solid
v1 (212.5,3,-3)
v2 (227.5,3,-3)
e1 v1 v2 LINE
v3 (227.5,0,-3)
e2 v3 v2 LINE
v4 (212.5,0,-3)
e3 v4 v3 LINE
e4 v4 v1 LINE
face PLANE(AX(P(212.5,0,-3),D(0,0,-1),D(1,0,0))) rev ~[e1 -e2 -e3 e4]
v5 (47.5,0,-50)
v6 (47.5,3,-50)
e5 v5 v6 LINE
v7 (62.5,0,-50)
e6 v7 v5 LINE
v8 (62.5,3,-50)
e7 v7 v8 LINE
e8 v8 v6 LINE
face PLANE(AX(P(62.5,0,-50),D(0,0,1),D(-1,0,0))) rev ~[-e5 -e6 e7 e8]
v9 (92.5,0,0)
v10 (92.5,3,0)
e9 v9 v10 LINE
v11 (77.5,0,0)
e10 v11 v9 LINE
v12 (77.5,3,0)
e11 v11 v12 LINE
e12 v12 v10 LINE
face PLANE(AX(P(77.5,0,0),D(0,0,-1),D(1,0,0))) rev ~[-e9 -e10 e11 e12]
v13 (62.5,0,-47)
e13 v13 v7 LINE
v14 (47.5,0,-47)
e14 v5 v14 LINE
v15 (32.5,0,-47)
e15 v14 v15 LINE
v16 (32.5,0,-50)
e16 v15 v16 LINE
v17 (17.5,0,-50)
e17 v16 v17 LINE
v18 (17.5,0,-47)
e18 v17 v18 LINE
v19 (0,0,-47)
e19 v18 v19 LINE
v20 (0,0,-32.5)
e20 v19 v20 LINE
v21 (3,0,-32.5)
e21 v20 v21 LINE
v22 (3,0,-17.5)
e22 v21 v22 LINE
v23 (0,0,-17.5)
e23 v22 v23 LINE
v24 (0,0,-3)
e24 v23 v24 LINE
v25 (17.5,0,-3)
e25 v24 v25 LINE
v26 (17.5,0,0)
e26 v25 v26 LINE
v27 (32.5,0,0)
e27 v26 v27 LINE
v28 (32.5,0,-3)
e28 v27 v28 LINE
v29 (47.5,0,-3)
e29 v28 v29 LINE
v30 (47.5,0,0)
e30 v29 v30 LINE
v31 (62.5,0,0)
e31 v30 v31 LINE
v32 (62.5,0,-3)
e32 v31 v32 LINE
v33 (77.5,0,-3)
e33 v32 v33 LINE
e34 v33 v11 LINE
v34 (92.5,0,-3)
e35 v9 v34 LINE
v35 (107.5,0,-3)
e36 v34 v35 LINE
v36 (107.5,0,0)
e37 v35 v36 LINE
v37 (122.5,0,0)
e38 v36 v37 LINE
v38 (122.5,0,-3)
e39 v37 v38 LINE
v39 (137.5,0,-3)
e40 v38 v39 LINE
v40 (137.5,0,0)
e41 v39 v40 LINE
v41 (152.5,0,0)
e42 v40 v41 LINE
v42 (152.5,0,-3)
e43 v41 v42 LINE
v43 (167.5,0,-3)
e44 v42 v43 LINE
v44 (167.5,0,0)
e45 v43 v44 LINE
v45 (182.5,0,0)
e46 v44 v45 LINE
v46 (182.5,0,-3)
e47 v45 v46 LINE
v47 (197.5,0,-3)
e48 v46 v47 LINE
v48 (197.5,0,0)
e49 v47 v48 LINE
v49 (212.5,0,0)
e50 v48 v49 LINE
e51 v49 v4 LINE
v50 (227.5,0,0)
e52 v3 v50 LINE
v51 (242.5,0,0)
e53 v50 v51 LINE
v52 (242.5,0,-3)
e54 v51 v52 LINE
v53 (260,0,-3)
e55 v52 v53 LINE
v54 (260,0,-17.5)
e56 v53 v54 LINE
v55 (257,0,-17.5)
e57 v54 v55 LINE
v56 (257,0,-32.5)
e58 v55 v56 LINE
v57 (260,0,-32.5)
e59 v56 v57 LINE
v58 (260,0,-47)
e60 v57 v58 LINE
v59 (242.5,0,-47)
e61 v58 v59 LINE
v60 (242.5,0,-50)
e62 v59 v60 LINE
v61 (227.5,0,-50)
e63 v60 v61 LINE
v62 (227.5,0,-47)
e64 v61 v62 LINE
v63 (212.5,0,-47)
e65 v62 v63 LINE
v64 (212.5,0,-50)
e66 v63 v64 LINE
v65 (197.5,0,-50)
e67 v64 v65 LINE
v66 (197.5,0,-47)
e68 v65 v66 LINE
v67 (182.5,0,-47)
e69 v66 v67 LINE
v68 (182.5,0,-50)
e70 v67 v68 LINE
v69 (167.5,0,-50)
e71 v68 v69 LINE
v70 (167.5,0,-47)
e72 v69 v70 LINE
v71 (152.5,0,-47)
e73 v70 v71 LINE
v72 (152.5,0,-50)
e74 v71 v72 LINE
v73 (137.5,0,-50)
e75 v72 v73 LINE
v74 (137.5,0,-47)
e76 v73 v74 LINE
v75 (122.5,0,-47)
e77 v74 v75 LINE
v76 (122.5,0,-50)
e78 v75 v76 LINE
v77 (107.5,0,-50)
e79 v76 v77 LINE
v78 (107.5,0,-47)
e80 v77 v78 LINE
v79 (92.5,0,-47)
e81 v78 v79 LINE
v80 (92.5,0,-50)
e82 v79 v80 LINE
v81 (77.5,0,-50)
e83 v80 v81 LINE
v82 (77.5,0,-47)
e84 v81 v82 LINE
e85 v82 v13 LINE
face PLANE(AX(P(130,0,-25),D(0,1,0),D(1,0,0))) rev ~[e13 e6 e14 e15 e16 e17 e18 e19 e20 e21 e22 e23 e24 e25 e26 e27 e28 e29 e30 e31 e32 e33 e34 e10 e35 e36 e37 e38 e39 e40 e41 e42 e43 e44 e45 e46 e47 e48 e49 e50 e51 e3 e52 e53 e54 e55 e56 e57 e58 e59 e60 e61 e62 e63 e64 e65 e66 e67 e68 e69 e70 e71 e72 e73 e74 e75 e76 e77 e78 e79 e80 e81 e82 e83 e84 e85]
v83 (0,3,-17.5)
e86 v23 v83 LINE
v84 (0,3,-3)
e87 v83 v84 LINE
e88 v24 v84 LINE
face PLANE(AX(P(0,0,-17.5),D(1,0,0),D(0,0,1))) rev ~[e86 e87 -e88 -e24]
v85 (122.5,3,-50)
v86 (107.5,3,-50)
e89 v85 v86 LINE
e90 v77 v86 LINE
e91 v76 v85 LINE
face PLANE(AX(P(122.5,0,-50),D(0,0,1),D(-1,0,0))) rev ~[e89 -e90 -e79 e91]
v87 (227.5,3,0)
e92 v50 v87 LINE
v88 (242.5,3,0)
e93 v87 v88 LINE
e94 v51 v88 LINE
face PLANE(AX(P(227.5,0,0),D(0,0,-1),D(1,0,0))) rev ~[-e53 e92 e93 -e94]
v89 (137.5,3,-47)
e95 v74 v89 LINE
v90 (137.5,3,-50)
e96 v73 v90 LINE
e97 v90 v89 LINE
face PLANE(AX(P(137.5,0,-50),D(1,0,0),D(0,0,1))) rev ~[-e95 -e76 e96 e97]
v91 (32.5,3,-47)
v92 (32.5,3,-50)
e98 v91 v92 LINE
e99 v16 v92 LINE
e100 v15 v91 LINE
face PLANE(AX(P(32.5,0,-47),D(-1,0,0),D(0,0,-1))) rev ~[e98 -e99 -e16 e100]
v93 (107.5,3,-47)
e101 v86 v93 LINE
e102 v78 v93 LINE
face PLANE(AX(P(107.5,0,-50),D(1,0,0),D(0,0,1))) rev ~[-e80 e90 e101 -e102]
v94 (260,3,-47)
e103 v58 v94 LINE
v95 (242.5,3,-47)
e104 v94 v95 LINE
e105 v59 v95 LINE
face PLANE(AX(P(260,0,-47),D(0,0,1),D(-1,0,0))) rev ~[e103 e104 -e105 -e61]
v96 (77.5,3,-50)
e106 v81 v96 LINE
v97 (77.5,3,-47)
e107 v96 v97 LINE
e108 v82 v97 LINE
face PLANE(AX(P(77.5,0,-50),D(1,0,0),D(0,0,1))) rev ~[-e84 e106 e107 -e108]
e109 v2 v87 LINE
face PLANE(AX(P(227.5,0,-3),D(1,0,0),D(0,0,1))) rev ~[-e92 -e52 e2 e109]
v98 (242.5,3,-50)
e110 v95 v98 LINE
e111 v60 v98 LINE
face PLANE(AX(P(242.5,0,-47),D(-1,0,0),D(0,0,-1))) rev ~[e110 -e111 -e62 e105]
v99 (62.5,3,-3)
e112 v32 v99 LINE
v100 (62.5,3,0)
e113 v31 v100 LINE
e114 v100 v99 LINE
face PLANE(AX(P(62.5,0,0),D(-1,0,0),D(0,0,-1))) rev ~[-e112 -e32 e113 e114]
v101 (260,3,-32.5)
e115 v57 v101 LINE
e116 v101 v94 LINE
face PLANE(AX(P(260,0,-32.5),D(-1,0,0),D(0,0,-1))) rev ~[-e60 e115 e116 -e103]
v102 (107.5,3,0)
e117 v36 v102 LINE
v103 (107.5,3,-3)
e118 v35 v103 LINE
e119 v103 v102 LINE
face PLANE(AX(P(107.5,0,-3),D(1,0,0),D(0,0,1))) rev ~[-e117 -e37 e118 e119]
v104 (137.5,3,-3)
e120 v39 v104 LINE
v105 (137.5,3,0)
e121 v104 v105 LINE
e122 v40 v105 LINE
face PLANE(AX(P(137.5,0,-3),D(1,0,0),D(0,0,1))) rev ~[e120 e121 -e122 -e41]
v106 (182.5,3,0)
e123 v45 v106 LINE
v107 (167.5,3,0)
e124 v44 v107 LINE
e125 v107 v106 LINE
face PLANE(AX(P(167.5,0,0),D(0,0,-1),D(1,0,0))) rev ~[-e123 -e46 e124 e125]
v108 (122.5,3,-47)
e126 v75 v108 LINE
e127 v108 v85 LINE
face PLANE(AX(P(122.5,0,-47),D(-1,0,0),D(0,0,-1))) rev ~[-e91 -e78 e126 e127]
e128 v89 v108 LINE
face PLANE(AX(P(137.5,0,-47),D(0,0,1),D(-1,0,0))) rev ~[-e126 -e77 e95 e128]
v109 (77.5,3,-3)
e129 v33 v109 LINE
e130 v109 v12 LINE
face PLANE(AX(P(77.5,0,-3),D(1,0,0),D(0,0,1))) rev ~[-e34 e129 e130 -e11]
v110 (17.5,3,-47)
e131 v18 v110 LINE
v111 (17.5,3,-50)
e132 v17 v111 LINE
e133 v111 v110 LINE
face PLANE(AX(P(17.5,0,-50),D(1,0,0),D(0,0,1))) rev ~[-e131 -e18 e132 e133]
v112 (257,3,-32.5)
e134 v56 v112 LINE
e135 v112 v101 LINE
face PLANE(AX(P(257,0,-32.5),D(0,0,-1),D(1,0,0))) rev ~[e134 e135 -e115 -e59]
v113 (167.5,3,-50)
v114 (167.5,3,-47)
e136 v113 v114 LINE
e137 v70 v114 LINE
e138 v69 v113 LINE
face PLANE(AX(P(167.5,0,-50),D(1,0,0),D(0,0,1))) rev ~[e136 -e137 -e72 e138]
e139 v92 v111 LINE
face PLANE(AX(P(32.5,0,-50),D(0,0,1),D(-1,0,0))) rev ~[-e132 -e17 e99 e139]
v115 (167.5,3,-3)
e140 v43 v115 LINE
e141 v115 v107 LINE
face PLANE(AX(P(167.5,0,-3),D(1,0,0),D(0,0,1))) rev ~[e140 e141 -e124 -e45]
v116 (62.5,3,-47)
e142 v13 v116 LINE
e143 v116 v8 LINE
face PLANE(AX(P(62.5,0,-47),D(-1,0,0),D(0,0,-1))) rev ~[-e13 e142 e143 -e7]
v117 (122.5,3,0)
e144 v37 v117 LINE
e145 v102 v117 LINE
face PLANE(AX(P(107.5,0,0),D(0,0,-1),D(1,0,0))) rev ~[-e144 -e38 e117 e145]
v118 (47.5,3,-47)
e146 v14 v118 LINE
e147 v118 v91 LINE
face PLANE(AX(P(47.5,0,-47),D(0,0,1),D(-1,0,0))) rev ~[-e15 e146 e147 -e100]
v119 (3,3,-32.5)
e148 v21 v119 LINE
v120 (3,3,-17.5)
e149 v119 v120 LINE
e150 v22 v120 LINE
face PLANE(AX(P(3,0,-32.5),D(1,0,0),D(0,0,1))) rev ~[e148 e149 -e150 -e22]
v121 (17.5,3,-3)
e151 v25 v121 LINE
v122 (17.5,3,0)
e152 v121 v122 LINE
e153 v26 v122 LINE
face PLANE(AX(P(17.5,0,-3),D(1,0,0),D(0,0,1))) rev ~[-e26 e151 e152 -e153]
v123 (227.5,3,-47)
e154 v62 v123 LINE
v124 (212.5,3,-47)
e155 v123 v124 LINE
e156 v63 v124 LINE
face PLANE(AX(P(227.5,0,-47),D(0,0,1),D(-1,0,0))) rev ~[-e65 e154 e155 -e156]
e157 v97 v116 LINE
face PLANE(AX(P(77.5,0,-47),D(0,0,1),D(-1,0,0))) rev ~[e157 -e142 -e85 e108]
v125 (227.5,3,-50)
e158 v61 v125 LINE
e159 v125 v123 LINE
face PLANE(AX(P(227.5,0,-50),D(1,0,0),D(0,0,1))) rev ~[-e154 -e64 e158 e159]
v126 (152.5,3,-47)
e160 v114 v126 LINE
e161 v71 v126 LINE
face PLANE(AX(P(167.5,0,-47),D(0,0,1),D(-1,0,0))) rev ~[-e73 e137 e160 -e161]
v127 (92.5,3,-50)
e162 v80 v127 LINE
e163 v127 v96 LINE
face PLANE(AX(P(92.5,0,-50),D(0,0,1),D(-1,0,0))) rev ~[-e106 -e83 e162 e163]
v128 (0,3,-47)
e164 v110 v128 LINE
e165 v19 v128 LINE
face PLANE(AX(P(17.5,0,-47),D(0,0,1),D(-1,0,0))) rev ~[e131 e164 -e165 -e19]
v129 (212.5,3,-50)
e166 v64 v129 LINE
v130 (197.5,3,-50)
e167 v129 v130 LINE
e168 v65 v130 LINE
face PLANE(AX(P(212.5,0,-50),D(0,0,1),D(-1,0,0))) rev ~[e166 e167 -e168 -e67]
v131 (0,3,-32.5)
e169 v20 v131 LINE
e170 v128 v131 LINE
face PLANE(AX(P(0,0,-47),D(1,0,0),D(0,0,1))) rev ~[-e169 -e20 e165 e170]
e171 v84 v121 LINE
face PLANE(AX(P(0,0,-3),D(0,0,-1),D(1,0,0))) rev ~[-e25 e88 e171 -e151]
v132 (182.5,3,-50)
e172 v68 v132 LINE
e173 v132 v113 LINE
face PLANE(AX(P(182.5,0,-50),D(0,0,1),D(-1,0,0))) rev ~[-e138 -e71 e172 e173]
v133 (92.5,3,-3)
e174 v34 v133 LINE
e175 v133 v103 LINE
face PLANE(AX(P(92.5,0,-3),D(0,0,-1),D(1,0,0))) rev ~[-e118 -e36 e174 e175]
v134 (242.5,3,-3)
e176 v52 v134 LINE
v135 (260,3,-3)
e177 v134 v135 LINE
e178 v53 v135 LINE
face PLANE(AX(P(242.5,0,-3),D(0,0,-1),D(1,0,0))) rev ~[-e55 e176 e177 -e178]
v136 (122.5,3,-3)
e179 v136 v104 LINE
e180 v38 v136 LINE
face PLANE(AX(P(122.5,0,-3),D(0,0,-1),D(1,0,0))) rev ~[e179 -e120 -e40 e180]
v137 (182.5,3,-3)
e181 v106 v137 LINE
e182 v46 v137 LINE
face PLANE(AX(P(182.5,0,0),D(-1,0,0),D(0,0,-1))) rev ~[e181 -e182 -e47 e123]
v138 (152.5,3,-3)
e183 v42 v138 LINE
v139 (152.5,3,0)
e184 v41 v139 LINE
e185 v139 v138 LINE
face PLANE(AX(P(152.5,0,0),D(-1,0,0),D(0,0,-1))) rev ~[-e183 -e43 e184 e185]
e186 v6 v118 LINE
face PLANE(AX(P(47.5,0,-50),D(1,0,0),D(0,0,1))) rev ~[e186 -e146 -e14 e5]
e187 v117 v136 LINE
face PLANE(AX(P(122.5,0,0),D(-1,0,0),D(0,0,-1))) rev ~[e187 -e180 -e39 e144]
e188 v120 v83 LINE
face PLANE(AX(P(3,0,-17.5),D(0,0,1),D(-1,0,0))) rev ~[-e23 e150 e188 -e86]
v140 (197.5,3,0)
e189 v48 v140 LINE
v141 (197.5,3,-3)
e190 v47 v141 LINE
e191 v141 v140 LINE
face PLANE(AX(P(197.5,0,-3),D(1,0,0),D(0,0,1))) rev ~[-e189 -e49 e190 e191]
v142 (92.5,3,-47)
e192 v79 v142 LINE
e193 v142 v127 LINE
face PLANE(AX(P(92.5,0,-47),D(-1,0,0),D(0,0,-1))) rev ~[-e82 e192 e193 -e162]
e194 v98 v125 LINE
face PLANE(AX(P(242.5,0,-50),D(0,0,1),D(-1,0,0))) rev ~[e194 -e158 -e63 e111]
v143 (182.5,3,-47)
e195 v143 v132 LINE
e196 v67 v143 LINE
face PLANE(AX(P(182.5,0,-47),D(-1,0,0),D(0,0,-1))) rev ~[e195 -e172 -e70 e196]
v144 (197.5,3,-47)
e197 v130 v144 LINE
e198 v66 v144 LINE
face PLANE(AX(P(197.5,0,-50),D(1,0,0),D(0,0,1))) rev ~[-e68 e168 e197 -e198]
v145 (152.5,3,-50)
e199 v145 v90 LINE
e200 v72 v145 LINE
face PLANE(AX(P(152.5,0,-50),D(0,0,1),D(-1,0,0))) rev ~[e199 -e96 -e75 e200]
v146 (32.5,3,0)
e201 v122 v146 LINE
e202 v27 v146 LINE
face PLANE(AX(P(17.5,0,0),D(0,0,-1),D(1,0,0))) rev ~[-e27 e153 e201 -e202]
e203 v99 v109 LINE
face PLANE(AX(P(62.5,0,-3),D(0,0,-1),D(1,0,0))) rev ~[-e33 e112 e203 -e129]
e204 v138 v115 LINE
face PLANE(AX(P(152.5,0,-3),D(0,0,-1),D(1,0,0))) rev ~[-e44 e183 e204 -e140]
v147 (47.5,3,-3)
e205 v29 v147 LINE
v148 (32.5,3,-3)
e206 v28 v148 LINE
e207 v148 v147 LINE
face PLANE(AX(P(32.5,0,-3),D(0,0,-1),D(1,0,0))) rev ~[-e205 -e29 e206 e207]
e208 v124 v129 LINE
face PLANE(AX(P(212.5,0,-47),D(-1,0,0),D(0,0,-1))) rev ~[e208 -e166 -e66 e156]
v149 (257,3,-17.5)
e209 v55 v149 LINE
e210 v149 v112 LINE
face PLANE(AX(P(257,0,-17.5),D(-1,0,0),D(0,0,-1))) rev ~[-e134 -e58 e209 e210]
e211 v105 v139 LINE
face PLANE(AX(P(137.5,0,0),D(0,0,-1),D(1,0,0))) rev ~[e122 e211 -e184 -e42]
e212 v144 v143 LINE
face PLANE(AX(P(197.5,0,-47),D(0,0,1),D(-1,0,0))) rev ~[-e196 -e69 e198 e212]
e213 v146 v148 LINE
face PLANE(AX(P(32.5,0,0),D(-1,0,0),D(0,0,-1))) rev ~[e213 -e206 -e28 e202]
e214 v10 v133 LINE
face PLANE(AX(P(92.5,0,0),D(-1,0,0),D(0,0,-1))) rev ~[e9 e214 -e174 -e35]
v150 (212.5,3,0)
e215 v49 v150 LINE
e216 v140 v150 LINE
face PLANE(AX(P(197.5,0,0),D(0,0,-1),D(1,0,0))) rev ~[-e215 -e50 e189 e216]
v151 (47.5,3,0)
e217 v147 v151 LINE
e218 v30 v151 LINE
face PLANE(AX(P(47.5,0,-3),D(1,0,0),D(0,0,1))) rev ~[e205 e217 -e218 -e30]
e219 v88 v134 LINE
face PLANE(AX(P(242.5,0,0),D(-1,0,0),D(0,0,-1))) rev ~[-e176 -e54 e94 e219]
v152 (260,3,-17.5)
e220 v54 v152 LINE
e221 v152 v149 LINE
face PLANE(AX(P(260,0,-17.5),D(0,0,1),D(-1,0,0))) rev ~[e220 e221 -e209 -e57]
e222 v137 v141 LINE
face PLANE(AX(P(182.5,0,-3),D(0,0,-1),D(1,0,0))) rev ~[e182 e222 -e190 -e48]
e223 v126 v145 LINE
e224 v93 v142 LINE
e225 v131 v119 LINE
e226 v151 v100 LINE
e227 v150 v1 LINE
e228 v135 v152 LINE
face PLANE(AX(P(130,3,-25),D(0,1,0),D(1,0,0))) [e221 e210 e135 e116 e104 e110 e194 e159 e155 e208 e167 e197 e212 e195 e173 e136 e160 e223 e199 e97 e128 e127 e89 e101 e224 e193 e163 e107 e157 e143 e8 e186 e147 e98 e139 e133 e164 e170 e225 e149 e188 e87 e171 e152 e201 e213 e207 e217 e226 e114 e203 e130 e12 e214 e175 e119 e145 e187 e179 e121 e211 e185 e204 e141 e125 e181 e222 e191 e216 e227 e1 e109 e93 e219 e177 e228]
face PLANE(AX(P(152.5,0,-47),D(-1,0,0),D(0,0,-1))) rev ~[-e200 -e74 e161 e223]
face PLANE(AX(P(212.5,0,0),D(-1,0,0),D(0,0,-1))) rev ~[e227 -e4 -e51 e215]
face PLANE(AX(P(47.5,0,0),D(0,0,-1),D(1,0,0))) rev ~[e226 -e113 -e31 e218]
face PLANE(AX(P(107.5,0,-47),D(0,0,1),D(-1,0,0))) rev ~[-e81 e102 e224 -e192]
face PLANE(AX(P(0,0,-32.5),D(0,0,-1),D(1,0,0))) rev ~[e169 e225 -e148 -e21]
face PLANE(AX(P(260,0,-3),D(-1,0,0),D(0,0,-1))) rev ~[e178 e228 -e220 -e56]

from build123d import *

# Parameters (mm, degrees)
SALIENTE_EXTRUIR1_DEPTH = 3


with BuildPart() as part:
    # Croquis1 → Saliente-Extruir1 (new body)
    with BuildSketch(Plane(origin=(0, 0, 0), x_dir=(1, 0, 0), z_dir=(0, 1, 0))):
        Polygon((17.5, 0), (32.5, 0), (32.5, 3), (47.5, 3), (47.5, 0), (62.5, 0), (62.5, 3), (77.5, 3), (77.5, 0), (92.5, 0), (92.5, 3), (107.5, 3), (107.5, 0), (122.5, 0), (122.5, 3), (137.5, 3), (137.5, 0), (152.5, 0), (152.5, 3), (167.5, 3), (167.5, 0), (182.5, 0), (182.5, 3), (197.5, 3), (197.5, 0), (212.5, 0), (212.5, 3), (227.5, 3), (227.5, 0), (242.5, 0), (242.5, 3), (260, 3), (260, 17.5), (257, 17.5), (257, 32.5), (260, 32.5), (260, 47), (242.5, 47), (242.5, 50), (227.5, 50), (227.5, 47), (212.5, 47), (212.5, 50), (197.5, 50), (197.5, 47), (182.5, 47), (182.5, 50), (167.5, 50), (167.5, 47), (152.5, 47), (152.5, 50), (137.5, 50), (137.5, 47), (122.5, 47), (122.5, 50), (107.5, 50), (107.5, 47), (92.5, 47), (92.5, 50), (77.5, 50), (77.5, 47), (62.5, 47), (62.5, 50), (47.5, 50), (47.5, 47), (32.5, 47), (32.5, 50), (17.5, 50), (17.5, 47), (0, 47), (0, 32.5), (3, 32.5), (3, 17.5), (0, 17.5), (0, 3), (17.5, 3), align=None)
    extrude(amount=SALIENTE_EXTRUIR1_DEPTH)


solid = part.part
